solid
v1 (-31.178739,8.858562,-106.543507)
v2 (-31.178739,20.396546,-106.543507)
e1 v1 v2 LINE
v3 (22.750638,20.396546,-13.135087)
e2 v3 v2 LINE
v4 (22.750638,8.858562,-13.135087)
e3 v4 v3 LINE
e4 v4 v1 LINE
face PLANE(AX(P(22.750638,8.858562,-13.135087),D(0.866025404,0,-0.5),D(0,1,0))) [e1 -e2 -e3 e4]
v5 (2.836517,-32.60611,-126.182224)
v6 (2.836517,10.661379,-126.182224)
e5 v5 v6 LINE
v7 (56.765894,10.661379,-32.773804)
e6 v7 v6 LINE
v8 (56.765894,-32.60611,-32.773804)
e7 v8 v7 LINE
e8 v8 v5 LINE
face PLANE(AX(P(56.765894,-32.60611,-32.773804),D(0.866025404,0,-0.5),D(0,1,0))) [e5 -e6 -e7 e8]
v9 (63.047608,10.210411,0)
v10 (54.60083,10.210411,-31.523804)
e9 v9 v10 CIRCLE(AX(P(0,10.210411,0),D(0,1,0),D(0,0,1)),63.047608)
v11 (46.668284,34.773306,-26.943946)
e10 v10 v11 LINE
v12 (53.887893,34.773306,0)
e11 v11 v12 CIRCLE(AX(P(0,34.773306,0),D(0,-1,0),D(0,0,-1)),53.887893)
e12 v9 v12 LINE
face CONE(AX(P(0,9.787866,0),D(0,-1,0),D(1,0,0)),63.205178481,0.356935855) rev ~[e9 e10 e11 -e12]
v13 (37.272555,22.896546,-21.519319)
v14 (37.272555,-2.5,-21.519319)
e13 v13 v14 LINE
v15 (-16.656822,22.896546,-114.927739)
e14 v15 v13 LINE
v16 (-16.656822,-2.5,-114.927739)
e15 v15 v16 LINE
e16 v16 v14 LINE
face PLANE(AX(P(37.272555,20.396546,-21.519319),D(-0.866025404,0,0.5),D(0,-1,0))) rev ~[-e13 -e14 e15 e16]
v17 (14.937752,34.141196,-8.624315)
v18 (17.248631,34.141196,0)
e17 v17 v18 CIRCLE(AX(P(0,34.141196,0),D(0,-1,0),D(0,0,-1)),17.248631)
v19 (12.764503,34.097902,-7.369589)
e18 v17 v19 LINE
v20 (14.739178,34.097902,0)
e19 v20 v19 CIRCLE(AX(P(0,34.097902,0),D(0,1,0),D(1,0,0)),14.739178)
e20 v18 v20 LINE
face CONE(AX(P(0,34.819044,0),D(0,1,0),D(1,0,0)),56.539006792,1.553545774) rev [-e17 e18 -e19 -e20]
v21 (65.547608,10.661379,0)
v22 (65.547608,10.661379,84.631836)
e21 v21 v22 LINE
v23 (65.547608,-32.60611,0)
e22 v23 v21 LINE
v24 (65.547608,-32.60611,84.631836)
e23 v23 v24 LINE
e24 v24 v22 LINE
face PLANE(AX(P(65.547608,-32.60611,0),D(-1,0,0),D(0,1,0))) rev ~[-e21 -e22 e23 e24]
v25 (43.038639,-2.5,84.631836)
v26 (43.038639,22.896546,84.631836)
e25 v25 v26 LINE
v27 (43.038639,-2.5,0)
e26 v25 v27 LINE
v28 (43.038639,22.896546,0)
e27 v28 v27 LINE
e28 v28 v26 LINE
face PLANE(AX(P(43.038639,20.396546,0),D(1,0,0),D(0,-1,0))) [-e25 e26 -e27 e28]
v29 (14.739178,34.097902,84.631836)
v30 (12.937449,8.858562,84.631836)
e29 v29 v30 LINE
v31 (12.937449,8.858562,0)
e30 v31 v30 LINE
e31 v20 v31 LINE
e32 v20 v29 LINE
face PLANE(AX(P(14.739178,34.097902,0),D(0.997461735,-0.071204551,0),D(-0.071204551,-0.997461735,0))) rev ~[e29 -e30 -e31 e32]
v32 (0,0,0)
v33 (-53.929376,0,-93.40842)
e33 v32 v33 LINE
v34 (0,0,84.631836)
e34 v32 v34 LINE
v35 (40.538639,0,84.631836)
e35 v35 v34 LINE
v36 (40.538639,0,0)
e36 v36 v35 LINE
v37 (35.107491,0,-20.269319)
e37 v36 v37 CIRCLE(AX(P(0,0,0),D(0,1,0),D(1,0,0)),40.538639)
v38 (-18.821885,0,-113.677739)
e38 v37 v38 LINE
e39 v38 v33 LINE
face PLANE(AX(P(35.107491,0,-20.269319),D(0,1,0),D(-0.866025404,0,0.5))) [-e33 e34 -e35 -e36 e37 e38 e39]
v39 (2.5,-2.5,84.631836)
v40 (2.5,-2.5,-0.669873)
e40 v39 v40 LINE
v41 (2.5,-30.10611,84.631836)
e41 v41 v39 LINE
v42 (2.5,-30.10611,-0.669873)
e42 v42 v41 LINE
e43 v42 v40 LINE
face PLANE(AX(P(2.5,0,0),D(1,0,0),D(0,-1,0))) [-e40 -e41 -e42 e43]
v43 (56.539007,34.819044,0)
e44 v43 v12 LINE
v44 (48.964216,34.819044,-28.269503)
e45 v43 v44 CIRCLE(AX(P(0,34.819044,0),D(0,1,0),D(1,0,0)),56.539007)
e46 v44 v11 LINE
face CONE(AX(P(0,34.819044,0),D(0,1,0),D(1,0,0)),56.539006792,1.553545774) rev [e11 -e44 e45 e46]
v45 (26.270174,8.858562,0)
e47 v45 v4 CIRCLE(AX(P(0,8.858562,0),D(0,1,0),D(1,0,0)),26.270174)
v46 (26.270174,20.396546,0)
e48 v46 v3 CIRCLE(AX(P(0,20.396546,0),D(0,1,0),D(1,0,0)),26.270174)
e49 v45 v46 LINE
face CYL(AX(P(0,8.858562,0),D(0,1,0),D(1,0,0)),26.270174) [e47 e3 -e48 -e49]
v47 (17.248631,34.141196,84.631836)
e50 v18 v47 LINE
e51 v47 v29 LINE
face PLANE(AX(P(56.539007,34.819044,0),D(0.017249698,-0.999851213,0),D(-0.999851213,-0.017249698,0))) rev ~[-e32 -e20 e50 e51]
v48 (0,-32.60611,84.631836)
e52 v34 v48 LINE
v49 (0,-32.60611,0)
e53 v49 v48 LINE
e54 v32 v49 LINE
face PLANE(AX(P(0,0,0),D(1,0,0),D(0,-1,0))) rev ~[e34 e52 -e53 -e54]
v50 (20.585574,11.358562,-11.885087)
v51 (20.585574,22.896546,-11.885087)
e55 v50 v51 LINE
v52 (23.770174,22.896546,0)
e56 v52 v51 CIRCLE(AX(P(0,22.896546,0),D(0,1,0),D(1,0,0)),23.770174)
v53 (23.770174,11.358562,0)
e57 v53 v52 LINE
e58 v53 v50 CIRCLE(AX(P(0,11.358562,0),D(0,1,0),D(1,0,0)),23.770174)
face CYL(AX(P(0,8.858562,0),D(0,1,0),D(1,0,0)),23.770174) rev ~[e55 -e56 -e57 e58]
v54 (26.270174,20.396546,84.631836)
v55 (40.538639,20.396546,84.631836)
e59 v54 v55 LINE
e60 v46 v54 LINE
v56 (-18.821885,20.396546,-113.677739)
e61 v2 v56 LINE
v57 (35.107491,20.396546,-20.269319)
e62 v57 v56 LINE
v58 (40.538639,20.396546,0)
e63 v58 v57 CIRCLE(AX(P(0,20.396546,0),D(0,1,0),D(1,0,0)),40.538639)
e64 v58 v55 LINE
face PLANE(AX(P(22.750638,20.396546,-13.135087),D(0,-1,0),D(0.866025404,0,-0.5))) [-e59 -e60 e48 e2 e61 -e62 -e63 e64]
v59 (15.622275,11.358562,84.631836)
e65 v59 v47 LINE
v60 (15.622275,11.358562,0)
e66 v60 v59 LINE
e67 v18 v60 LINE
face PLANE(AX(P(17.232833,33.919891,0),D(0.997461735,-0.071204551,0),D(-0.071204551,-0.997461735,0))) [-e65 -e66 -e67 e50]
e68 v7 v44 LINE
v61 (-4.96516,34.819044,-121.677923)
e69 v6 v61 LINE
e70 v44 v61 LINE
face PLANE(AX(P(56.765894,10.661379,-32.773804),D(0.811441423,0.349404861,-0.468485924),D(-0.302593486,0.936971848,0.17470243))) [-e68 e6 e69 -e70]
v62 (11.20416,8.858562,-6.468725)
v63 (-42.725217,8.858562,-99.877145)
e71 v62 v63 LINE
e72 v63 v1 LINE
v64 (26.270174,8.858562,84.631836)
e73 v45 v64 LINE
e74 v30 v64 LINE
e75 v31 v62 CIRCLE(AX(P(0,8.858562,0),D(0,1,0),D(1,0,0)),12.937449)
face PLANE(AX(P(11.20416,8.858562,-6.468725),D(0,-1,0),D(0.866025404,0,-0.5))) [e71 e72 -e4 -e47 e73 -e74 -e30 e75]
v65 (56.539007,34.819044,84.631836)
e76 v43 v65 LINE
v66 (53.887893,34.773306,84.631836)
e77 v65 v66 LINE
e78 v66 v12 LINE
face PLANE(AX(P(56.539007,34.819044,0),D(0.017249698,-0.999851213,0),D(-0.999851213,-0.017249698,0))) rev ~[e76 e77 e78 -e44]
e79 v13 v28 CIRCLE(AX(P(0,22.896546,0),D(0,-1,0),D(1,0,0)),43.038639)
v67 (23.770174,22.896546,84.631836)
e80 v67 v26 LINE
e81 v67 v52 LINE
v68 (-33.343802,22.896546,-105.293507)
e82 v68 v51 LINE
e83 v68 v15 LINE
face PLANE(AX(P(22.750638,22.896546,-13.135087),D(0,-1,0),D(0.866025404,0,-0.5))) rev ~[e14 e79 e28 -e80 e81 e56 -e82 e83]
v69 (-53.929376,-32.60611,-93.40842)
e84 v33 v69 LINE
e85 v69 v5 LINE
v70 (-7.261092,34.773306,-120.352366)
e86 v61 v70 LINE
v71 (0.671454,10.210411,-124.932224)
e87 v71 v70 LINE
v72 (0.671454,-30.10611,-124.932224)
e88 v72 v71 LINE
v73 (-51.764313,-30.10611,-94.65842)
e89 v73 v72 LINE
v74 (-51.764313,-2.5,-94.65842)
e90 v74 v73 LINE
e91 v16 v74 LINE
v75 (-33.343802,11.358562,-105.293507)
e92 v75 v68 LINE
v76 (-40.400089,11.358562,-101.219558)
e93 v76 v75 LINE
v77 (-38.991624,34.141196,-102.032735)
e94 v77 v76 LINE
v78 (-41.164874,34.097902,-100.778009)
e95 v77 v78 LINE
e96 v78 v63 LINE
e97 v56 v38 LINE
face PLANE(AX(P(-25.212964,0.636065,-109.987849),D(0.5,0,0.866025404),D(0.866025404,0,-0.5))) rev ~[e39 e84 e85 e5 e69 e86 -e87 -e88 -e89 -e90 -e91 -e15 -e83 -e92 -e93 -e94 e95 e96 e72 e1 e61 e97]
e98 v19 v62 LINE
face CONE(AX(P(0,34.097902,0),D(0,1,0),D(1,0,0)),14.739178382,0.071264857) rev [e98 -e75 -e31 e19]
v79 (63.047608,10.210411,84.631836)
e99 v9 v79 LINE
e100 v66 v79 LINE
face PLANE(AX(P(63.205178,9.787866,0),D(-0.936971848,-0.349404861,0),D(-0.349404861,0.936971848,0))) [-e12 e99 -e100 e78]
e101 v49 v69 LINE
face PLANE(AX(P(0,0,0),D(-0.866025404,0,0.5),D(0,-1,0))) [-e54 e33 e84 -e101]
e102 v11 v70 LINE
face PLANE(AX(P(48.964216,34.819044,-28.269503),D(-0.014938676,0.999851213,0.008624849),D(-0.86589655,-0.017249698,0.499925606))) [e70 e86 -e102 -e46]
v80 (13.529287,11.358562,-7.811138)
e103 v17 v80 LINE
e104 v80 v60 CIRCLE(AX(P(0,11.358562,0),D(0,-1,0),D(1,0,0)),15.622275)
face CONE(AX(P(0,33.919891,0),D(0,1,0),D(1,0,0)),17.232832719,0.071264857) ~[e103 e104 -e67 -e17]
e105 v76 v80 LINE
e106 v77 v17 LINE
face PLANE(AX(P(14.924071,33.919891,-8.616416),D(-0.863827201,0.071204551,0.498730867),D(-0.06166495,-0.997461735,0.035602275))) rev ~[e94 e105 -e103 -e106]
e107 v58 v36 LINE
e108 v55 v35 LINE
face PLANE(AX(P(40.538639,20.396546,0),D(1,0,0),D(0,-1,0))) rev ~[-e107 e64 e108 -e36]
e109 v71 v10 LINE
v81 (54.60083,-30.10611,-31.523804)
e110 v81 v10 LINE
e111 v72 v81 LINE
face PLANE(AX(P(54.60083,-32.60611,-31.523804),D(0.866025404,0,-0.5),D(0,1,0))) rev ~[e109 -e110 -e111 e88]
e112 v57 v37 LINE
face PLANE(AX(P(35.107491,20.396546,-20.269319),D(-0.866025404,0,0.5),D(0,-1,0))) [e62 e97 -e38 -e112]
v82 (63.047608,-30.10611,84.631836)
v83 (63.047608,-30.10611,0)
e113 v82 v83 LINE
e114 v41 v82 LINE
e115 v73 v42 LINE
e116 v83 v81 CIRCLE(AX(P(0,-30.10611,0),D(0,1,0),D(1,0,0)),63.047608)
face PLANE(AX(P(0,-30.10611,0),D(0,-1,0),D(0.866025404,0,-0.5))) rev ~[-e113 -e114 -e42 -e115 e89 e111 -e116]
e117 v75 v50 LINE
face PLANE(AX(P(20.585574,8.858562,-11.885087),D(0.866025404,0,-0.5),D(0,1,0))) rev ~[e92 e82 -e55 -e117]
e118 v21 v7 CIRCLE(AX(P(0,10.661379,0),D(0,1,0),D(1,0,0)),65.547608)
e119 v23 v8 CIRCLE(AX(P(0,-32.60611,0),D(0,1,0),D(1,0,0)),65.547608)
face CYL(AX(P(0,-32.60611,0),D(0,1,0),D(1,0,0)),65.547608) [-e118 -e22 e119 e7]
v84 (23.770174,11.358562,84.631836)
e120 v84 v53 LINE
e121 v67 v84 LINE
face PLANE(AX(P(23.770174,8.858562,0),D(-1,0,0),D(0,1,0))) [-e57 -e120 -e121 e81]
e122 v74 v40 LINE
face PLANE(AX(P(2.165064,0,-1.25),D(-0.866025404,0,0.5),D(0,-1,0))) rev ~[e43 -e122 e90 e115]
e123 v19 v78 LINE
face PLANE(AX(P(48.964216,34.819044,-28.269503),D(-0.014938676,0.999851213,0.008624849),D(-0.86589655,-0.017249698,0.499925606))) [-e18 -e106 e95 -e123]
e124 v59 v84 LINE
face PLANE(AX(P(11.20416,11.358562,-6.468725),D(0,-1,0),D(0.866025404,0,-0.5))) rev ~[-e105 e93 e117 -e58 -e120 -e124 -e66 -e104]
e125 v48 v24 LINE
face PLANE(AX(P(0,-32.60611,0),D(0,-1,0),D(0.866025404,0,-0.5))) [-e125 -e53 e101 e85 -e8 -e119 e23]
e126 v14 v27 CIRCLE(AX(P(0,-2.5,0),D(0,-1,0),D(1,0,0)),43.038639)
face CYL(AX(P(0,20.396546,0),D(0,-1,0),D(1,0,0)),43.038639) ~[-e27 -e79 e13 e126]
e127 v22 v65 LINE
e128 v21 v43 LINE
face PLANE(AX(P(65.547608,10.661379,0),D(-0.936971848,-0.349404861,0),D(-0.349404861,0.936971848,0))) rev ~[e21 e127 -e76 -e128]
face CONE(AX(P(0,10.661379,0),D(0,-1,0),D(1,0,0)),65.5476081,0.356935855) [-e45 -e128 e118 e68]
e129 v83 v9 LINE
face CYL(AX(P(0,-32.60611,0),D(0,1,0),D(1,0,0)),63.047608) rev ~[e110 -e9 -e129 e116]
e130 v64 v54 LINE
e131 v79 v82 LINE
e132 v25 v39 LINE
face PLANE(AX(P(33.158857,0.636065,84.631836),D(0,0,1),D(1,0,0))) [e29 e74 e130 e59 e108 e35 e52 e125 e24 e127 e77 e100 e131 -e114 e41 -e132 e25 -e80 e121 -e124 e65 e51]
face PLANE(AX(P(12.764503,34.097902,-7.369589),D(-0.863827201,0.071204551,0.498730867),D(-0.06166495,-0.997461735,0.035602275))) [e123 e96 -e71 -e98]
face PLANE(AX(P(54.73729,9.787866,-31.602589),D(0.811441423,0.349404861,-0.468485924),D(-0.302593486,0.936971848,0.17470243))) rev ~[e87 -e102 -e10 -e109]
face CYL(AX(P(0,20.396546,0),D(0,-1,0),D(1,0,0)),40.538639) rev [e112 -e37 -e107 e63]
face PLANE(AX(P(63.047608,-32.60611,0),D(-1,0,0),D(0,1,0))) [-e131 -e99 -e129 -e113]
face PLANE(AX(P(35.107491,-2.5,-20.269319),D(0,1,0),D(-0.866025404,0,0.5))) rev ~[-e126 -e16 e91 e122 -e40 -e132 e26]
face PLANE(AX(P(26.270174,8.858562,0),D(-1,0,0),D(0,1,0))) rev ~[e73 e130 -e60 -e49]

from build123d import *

# Parameters (mm, degrees)
F1_ANGLE = 30
F2_DEPTH = 84.6318360418
F3_DEPTH = 107.8587528318
F4_T     = -2.5


with BuildPart() as f1:
    # F0 (on Top) → F1 (revolve)
    with BuildSketch(Plane.XY):
        Polygon((40.5386388302, 0), (0, 0), (0, -32.6061099768), (65.5476081002, -32.6061099768), (65.5476081002, 10.6613785028), (56.5390067924, 34.8190441728), (14.7391783822, 34.0979024768), (12.93744918, 8.8585615158), (26.2701737512, 8.8585615158), (26.2701737512, 20.3965455294), (40.5386388302, 20.3965455294), align=None)
    revolve(axis=Axis((0, 33.5853546858, 0), (0, 1, 0)), revolution_arc=F1_ANGLE)

    # F2 (add): a face of the model
    f2_faces = [f1.faces().sort_by_distance(p)[0] for p in [
        (35.8528851523, -3.0790957236, 0),
    ]]
    extrude(f2_faces, amount=F2_DEPTH)

    # F3 (add): a face of the model
    f3_faces = [f1.faces().sort_by_distance(p)[0] for p in [
        (31.0495093409, -3.0790957236, -17.9264425762),
    ]]
    extrude(f3_faces, amount=F3_DEPTH)

    # F4
    f4_openings = [f1.faces().sort_by_distance(p)[0] for p in [
        (3.899671, 34.458473, -64.523756),
        (34.42472, 34.458473, -9.224076),
        (35.639093, 34.458473, 42.315918),
        (35.852885, -3.079096, 84.631836),
        (-22.879867, -3.079096, -111.334863),
    ]]
    offset(amount=F4_T, openings=f4_openings, kind=Kind.INTERSECTION)


solid = f1.part
